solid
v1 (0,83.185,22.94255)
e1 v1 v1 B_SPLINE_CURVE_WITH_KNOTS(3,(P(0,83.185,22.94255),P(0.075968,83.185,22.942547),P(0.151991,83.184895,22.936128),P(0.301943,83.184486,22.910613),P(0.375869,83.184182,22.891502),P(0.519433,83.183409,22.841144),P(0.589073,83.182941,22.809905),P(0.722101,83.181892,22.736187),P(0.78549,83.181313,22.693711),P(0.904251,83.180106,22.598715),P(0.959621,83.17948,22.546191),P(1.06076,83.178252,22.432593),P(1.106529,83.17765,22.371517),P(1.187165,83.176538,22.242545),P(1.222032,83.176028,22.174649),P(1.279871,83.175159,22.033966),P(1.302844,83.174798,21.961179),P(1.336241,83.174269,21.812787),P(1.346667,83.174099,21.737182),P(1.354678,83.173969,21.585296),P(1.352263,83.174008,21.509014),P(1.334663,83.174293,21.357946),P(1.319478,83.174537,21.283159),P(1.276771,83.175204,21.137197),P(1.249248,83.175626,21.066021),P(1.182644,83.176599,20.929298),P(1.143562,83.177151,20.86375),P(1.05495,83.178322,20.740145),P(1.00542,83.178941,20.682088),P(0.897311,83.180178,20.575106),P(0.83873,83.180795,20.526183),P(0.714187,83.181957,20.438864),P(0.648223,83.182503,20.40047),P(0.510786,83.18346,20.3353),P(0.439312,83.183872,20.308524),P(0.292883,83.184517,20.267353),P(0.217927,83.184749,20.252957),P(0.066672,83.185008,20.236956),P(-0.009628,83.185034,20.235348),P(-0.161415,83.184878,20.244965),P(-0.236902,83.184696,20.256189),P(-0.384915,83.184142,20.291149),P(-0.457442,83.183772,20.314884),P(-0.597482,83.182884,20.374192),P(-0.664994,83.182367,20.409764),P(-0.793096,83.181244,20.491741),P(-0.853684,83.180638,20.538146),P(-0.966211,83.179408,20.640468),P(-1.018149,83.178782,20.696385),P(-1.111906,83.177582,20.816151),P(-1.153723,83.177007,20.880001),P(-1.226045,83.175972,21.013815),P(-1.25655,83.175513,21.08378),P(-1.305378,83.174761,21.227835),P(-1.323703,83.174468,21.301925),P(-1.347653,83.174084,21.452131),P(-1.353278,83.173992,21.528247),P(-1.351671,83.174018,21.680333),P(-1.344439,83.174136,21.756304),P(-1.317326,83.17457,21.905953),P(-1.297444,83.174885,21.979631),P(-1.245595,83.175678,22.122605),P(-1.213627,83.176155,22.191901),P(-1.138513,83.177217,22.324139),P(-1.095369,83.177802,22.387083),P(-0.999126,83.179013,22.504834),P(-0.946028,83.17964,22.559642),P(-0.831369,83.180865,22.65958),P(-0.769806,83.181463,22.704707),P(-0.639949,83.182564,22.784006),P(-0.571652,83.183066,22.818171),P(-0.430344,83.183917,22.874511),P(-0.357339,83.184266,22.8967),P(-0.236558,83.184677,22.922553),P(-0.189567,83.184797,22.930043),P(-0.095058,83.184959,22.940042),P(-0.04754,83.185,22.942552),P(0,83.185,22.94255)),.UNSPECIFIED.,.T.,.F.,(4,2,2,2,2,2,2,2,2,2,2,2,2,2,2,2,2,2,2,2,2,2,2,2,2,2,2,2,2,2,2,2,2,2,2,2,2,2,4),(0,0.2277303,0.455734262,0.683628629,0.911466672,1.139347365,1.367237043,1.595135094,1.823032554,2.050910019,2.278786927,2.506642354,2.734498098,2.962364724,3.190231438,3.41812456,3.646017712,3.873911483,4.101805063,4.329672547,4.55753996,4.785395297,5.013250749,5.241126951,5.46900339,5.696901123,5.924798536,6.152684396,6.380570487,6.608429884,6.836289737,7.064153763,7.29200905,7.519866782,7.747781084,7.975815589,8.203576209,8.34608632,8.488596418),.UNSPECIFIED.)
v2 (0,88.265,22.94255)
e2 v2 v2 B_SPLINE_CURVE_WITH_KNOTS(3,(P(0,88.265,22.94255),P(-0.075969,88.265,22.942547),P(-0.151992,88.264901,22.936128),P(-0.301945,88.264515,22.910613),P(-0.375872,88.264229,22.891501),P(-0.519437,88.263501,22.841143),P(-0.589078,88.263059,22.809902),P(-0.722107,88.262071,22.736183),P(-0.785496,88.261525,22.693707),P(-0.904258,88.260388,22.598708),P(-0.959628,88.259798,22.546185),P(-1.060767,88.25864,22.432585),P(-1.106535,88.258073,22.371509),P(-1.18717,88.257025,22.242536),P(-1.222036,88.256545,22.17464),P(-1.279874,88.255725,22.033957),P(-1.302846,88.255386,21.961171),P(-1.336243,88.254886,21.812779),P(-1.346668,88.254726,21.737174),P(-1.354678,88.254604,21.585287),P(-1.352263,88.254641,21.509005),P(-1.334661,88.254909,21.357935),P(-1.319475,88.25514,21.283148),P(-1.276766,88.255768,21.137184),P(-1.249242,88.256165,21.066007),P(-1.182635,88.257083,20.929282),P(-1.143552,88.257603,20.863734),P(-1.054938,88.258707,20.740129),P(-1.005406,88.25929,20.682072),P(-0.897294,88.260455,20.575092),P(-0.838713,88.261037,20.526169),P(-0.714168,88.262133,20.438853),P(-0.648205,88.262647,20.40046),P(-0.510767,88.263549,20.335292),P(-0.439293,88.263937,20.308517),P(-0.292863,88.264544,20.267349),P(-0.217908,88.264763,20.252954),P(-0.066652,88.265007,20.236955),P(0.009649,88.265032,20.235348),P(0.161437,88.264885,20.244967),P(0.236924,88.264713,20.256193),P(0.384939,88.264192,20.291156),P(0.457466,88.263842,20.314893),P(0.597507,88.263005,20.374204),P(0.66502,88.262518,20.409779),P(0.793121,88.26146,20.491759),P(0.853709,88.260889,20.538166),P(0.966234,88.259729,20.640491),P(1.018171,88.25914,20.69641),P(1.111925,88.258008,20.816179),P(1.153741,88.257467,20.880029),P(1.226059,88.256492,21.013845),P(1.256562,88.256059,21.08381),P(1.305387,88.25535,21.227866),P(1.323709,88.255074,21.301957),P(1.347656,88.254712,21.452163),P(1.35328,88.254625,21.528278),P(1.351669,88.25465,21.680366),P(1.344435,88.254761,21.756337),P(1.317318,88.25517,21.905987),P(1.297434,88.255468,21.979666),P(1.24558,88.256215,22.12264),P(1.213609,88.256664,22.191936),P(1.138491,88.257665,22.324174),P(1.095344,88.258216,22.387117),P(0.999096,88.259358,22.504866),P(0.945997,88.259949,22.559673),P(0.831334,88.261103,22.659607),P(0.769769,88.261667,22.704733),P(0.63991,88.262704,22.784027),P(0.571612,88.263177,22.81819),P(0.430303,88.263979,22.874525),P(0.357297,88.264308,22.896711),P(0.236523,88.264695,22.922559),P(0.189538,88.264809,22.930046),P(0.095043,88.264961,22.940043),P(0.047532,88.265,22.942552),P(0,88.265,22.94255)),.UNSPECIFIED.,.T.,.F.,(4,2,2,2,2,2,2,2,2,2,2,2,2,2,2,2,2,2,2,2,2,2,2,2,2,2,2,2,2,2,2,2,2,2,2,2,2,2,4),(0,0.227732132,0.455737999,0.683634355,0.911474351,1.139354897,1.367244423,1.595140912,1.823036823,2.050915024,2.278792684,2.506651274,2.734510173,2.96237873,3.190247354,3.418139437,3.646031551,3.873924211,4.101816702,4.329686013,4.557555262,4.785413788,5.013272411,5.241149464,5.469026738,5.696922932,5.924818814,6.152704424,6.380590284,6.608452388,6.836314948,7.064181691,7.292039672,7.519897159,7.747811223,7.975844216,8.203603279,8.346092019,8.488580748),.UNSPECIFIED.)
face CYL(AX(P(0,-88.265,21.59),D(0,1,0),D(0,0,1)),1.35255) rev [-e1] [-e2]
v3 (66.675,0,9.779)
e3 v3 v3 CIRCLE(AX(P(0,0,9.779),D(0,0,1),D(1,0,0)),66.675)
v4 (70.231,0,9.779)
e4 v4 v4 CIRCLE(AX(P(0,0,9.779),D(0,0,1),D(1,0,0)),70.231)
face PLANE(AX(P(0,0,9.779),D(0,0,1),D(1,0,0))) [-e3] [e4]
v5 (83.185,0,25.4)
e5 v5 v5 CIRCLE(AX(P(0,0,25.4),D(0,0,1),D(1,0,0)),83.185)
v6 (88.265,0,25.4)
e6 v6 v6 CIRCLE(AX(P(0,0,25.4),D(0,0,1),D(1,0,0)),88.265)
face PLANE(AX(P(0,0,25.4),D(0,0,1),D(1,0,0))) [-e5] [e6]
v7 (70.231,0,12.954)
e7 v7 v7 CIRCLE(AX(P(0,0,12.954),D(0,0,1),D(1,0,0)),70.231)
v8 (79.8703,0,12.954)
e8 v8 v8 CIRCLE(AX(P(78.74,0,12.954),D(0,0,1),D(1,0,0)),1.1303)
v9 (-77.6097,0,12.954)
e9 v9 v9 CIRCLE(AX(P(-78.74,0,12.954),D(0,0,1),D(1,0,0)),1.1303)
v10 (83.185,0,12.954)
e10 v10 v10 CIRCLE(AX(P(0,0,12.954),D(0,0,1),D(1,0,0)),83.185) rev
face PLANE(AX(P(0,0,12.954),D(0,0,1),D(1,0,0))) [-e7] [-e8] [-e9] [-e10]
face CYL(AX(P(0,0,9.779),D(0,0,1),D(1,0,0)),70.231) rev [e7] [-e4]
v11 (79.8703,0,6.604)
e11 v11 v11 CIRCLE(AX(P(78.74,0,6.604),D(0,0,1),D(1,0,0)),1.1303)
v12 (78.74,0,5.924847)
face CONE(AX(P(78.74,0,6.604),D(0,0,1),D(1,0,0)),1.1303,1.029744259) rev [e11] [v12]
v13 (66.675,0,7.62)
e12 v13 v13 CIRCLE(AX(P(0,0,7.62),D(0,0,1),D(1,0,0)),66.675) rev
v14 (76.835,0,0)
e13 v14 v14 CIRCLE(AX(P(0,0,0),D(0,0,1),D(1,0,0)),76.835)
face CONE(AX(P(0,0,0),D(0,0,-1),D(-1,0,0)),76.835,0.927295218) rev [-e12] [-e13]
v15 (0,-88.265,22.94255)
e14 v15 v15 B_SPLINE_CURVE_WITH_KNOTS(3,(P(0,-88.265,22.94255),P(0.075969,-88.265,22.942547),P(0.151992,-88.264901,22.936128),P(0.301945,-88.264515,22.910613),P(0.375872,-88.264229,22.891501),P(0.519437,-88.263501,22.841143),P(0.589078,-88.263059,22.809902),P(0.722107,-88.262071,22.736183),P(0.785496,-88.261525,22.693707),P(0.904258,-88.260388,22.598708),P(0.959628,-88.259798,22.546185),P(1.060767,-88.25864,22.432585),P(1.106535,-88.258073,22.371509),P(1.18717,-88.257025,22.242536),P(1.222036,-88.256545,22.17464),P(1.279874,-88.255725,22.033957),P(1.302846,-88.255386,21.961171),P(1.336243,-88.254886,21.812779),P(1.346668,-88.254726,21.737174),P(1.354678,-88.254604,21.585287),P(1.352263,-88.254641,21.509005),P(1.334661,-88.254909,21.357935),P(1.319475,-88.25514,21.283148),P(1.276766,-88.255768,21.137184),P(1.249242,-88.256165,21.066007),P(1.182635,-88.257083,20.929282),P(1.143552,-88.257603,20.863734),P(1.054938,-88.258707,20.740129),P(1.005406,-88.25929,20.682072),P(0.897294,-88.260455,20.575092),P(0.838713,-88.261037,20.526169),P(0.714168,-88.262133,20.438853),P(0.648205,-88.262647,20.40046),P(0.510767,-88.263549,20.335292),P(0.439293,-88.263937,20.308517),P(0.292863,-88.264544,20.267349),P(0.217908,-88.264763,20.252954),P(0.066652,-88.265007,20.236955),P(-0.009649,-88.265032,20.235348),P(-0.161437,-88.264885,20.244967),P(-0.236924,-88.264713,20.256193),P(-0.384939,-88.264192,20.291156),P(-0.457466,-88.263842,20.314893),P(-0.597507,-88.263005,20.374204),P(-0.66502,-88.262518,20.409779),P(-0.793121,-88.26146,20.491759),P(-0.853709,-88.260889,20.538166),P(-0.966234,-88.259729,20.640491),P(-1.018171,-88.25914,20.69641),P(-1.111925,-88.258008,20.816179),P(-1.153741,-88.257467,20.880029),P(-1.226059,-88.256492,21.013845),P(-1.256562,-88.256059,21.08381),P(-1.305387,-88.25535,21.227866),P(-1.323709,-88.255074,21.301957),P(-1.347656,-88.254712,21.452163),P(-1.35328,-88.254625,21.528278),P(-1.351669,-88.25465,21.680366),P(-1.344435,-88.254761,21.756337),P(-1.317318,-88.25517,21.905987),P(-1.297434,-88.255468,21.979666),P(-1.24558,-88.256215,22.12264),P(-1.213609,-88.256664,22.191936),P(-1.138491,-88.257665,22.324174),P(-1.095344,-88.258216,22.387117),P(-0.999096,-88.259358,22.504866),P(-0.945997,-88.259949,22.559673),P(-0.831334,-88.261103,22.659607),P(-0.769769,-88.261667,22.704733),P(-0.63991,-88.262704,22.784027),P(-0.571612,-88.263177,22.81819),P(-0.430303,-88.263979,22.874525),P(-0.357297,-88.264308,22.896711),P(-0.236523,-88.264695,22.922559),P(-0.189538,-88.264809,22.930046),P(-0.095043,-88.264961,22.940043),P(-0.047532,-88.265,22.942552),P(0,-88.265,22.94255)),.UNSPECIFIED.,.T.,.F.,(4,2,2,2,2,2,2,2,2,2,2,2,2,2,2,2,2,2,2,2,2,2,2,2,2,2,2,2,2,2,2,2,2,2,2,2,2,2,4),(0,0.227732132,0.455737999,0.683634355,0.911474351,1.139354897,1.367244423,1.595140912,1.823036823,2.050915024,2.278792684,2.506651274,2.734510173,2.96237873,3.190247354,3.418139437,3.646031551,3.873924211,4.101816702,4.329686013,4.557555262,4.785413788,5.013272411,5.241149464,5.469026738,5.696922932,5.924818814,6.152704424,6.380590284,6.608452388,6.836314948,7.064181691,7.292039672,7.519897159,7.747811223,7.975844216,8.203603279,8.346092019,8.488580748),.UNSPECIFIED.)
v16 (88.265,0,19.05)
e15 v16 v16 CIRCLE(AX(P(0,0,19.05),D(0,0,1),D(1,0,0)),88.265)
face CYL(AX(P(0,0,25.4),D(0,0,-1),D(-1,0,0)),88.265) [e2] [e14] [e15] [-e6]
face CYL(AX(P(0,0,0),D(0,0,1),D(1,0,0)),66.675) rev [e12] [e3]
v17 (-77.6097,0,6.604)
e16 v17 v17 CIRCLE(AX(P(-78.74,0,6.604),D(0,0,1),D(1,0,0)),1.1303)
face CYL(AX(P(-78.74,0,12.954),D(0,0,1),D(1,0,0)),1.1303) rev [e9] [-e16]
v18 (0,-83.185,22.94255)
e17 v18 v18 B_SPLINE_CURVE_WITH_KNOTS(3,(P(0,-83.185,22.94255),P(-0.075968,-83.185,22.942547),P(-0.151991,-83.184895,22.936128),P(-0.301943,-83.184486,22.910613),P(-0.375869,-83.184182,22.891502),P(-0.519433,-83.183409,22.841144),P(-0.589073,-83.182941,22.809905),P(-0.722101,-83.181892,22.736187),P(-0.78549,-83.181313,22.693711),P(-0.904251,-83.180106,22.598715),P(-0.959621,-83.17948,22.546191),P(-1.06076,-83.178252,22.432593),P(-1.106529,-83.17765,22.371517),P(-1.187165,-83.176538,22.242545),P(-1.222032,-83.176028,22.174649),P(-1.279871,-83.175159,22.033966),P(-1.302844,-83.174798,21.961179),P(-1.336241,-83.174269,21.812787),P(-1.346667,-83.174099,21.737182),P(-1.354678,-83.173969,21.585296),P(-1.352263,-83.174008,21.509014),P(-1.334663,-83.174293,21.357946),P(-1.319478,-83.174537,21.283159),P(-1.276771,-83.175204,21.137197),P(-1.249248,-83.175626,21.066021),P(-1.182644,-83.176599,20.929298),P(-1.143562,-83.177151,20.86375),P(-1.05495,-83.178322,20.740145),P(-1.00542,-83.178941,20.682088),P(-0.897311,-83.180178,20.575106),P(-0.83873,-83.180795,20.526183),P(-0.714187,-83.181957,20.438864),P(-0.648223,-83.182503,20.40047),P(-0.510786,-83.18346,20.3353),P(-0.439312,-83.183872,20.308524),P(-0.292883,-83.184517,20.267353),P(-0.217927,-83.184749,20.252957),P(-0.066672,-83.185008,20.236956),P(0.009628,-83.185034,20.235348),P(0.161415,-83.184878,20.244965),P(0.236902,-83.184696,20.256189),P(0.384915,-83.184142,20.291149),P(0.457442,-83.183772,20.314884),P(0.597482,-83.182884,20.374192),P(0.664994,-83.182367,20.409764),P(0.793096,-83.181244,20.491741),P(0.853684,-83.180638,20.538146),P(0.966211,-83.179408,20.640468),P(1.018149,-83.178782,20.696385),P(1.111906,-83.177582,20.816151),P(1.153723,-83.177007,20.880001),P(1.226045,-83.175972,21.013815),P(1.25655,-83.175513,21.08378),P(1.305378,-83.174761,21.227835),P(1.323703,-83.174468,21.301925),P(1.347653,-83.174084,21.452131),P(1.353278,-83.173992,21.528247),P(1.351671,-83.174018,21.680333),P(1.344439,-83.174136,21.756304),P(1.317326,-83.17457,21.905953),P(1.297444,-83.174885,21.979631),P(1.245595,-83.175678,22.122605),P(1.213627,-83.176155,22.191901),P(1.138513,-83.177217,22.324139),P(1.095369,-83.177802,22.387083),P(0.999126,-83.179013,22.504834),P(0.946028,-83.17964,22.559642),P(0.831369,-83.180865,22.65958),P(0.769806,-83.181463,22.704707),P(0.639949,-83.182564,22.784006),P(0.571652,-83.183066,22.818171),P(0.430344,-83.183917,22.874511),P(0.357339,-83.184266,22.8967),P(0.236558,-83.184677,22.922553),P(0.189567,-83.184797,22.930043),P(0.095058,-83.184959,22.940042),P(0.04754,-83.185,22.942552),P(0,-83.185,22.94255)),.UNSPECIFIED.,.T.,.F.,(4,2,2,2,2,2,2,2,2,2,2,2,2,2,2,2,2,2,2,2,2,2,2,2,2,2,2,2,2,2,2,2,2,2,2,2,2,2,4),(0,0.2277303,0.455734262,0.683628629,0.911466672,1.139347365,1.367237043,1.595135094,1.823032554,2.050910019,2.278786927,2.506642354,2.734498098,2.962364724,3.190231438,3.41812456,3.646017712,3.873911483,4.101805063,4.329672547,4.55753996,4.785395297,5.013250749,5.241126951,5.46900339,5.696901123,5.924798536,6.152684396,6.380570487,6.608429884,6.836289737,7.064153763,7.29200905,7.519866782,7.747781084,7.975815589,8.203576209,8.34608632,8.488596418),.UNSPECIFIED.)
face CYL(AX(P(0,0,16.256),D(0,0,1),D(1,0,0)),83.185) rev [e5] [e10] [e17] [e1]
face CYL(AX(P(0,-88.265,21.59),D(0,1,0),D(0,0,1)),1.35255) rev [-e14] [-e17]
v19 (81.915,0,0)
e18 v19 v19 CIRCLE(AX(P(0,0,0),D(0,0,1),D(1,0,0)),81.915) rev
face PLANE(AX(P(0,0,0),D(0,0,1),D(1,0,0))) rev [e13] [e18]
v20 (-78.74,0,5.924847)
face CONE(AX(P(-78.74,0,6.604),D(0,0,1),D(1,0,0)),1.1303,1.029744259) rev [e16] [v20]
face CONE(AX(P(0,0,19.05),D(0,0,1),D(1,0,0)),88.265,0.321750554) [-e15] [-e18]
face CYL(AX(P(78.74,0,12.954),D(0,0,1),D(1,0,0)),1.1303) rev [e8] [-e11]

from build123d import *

# Parameters (mm, degrees)
SKETCH1_R                     = 88.265
BOSS_EXTRUDE1_DEPTH           = 25.4
SKETCH2_R                     = 83.185
CUT_EXTRUDE1_DEPTH            = 9.144
SKETCH3_R                     = 76.2
CUT_EXTRUDE2_DEPTH            = 3.302
SKETCH4_R                     = 70.231
CUT_EXTRUDE3_DEPTH            = 3.175
SKETCH6_R                     = 66.675
CUT_EXTRUDE5_DEPTH            = 126.799189548
SKETCH7_R                     = 83.185
CUT_EXTRUDE6_DEPTH            = 3.302
CHAMFER2_SIZE                 = 6.35
CHAMFER2_SIZE2                = 19.05
CHAMFER1_SIZE                 = 7.62
CHAMFER1_SIZE2                = 10.16
CUT_EXTRUDE4_DEPTH            = 128.383595686
CUT_EXTRUDE4_DEPTH_BACK       = 128.383595686
SKETCH5_R                     = 1.35255
TAP_DRILL_FOR_4_40_TAP1_D     = 2.2606
TAP_DRILL_FOR_4_40_TAP1_DEPTH = 6.35
TAP_DRILL_FOR_4_40_TAP1_TIP   = 0.679152758


with BuildPart() as part:
    # Sketch1 → Boss-Extrude1 (new body)
    with BuildSketch(Plane.XY):
        Circle(SKETCH1_R)
    extrude(amount=BOSS_EXTRUDE1_DEPTH)

    # Sketch2 → Cut-Extrude1 (cut)
    with BuildSketch(Plane.XY.offset(25.4)):
        Circle(SKETCH2_R)
    extrude(amount=-CUT_EXTRUDE1_DEPTH, mode=Mode.SUBTRACT)

    # Sketch3 → Cut-Extrude2 (cut)
    with BuildSketch(Plane.XY.offset(16.256)):
        Circle(SKETCH3_R)
    extrude(amount=-CUT_EXTRUDE2_DEPTH, mode=Mode.SUBTRACT)

    # Sketch4 → Cut-Extrude3 (cut)
    with BuildSketch(Plane.XY.offset(12.954)):
        Circle(SKETCH4_R)
    extrude(amount=-CUT_EXTRUDE3_DEPTH, mode=Mode.SUBTRACT)

    # Sketch6 → Cut-Extrude5 (cut, through all)
    with BuildSketch(Plane.XY.offset(9.779)):
        Circle(SKETCH6_R)
    extrude(amount=-CUT_EXTRUDE5_DEPTH, mode=Mode.SUBTRACT)

    # Sketch7 → Cut-Extrude6 (cut)
    with BuildSketch(Plane.XY.offset(16.256)):
        Circle(SKETCH7_R)
    extrude(amount=-CUT_EXTRUDE6_DEPTH, mode=Mode.SUBTRACT)

    # Chamfer2
    chamfer2_edges = [part.edges().sort_by_distance(p)[0] for p in [
        (-88.265, 0, 0),
    ]]
    chamfer2_side = [part.faces().sort_by_distance(p)[0] for p in [
        (-85.768488798, 0, 0),
    ]]
    chamfer(chamfer2_edges, length=CHAMFER2_SIZE, length2=CHAMFER2_SIZE2, reference=chamfer2_side[0])

    # Chamfer1
    chamfer1_edges = [part.edges().sort_by_distance(p)[0] for p in [
        (-66.675, 0, 0),
    ]]
    chamfer1_side = [part.faces().sort_by_distance(p)[0] for p in [
        (-66.675, 0, 4.8895),
    ]]
    chamfer(chamfer1_edges, length=CHAMFER1_SIZE, length2=CHAMFER1_SIZE2, reference=chamfer1_side[0])

    # Sketch5 → Cut-Extrude4 (cut, two sides: drawn at the far end of the back side and taken through both)
    with BuildSketch(Plane(origin=(0, 0, 0), x_dir=(1, 0, 0), z_dir=(0, 1, 0)).offset(-CUT_EXTRUDE4_DEPTH_BACK)):
        with Locations(Location((0, -21.59, 0), (0, 0, 270))):
            Circle(SKETCH5_R)
    extrude(amount=CUT_EXTRUDE4_DEPTH + CUT_EXTRUDE4_DEPTH_BACK, mode=Mode.SUBTRACT)

    # Tap Drill for #4-40 Tap1
    with Locations(Plane.XY.offset(12.954)):
        with Locations((-78.74, 0), (78.74, 0)):
            Hole(TAP_DRILL_FOR_4_40_TAP1_D / 2, depth=TAP_DRILL_FOR_4_40_TAP1_DEPTH)
            with Locations((0, 0, -(TAP_DRILL_FOR_4_40_TAP1_DEPTH + TAP_DRILL_FOR_4_40_TAP1_TIP / 2))):  # 118° drill point
                Cone(0, TAP_DRILL_FOR_4_40_TAP1_D / 2, TAP_DRILL_FOR_4_40_TAP1_TIP, mode=Mode.SUBTRACT)


solid = part.part
